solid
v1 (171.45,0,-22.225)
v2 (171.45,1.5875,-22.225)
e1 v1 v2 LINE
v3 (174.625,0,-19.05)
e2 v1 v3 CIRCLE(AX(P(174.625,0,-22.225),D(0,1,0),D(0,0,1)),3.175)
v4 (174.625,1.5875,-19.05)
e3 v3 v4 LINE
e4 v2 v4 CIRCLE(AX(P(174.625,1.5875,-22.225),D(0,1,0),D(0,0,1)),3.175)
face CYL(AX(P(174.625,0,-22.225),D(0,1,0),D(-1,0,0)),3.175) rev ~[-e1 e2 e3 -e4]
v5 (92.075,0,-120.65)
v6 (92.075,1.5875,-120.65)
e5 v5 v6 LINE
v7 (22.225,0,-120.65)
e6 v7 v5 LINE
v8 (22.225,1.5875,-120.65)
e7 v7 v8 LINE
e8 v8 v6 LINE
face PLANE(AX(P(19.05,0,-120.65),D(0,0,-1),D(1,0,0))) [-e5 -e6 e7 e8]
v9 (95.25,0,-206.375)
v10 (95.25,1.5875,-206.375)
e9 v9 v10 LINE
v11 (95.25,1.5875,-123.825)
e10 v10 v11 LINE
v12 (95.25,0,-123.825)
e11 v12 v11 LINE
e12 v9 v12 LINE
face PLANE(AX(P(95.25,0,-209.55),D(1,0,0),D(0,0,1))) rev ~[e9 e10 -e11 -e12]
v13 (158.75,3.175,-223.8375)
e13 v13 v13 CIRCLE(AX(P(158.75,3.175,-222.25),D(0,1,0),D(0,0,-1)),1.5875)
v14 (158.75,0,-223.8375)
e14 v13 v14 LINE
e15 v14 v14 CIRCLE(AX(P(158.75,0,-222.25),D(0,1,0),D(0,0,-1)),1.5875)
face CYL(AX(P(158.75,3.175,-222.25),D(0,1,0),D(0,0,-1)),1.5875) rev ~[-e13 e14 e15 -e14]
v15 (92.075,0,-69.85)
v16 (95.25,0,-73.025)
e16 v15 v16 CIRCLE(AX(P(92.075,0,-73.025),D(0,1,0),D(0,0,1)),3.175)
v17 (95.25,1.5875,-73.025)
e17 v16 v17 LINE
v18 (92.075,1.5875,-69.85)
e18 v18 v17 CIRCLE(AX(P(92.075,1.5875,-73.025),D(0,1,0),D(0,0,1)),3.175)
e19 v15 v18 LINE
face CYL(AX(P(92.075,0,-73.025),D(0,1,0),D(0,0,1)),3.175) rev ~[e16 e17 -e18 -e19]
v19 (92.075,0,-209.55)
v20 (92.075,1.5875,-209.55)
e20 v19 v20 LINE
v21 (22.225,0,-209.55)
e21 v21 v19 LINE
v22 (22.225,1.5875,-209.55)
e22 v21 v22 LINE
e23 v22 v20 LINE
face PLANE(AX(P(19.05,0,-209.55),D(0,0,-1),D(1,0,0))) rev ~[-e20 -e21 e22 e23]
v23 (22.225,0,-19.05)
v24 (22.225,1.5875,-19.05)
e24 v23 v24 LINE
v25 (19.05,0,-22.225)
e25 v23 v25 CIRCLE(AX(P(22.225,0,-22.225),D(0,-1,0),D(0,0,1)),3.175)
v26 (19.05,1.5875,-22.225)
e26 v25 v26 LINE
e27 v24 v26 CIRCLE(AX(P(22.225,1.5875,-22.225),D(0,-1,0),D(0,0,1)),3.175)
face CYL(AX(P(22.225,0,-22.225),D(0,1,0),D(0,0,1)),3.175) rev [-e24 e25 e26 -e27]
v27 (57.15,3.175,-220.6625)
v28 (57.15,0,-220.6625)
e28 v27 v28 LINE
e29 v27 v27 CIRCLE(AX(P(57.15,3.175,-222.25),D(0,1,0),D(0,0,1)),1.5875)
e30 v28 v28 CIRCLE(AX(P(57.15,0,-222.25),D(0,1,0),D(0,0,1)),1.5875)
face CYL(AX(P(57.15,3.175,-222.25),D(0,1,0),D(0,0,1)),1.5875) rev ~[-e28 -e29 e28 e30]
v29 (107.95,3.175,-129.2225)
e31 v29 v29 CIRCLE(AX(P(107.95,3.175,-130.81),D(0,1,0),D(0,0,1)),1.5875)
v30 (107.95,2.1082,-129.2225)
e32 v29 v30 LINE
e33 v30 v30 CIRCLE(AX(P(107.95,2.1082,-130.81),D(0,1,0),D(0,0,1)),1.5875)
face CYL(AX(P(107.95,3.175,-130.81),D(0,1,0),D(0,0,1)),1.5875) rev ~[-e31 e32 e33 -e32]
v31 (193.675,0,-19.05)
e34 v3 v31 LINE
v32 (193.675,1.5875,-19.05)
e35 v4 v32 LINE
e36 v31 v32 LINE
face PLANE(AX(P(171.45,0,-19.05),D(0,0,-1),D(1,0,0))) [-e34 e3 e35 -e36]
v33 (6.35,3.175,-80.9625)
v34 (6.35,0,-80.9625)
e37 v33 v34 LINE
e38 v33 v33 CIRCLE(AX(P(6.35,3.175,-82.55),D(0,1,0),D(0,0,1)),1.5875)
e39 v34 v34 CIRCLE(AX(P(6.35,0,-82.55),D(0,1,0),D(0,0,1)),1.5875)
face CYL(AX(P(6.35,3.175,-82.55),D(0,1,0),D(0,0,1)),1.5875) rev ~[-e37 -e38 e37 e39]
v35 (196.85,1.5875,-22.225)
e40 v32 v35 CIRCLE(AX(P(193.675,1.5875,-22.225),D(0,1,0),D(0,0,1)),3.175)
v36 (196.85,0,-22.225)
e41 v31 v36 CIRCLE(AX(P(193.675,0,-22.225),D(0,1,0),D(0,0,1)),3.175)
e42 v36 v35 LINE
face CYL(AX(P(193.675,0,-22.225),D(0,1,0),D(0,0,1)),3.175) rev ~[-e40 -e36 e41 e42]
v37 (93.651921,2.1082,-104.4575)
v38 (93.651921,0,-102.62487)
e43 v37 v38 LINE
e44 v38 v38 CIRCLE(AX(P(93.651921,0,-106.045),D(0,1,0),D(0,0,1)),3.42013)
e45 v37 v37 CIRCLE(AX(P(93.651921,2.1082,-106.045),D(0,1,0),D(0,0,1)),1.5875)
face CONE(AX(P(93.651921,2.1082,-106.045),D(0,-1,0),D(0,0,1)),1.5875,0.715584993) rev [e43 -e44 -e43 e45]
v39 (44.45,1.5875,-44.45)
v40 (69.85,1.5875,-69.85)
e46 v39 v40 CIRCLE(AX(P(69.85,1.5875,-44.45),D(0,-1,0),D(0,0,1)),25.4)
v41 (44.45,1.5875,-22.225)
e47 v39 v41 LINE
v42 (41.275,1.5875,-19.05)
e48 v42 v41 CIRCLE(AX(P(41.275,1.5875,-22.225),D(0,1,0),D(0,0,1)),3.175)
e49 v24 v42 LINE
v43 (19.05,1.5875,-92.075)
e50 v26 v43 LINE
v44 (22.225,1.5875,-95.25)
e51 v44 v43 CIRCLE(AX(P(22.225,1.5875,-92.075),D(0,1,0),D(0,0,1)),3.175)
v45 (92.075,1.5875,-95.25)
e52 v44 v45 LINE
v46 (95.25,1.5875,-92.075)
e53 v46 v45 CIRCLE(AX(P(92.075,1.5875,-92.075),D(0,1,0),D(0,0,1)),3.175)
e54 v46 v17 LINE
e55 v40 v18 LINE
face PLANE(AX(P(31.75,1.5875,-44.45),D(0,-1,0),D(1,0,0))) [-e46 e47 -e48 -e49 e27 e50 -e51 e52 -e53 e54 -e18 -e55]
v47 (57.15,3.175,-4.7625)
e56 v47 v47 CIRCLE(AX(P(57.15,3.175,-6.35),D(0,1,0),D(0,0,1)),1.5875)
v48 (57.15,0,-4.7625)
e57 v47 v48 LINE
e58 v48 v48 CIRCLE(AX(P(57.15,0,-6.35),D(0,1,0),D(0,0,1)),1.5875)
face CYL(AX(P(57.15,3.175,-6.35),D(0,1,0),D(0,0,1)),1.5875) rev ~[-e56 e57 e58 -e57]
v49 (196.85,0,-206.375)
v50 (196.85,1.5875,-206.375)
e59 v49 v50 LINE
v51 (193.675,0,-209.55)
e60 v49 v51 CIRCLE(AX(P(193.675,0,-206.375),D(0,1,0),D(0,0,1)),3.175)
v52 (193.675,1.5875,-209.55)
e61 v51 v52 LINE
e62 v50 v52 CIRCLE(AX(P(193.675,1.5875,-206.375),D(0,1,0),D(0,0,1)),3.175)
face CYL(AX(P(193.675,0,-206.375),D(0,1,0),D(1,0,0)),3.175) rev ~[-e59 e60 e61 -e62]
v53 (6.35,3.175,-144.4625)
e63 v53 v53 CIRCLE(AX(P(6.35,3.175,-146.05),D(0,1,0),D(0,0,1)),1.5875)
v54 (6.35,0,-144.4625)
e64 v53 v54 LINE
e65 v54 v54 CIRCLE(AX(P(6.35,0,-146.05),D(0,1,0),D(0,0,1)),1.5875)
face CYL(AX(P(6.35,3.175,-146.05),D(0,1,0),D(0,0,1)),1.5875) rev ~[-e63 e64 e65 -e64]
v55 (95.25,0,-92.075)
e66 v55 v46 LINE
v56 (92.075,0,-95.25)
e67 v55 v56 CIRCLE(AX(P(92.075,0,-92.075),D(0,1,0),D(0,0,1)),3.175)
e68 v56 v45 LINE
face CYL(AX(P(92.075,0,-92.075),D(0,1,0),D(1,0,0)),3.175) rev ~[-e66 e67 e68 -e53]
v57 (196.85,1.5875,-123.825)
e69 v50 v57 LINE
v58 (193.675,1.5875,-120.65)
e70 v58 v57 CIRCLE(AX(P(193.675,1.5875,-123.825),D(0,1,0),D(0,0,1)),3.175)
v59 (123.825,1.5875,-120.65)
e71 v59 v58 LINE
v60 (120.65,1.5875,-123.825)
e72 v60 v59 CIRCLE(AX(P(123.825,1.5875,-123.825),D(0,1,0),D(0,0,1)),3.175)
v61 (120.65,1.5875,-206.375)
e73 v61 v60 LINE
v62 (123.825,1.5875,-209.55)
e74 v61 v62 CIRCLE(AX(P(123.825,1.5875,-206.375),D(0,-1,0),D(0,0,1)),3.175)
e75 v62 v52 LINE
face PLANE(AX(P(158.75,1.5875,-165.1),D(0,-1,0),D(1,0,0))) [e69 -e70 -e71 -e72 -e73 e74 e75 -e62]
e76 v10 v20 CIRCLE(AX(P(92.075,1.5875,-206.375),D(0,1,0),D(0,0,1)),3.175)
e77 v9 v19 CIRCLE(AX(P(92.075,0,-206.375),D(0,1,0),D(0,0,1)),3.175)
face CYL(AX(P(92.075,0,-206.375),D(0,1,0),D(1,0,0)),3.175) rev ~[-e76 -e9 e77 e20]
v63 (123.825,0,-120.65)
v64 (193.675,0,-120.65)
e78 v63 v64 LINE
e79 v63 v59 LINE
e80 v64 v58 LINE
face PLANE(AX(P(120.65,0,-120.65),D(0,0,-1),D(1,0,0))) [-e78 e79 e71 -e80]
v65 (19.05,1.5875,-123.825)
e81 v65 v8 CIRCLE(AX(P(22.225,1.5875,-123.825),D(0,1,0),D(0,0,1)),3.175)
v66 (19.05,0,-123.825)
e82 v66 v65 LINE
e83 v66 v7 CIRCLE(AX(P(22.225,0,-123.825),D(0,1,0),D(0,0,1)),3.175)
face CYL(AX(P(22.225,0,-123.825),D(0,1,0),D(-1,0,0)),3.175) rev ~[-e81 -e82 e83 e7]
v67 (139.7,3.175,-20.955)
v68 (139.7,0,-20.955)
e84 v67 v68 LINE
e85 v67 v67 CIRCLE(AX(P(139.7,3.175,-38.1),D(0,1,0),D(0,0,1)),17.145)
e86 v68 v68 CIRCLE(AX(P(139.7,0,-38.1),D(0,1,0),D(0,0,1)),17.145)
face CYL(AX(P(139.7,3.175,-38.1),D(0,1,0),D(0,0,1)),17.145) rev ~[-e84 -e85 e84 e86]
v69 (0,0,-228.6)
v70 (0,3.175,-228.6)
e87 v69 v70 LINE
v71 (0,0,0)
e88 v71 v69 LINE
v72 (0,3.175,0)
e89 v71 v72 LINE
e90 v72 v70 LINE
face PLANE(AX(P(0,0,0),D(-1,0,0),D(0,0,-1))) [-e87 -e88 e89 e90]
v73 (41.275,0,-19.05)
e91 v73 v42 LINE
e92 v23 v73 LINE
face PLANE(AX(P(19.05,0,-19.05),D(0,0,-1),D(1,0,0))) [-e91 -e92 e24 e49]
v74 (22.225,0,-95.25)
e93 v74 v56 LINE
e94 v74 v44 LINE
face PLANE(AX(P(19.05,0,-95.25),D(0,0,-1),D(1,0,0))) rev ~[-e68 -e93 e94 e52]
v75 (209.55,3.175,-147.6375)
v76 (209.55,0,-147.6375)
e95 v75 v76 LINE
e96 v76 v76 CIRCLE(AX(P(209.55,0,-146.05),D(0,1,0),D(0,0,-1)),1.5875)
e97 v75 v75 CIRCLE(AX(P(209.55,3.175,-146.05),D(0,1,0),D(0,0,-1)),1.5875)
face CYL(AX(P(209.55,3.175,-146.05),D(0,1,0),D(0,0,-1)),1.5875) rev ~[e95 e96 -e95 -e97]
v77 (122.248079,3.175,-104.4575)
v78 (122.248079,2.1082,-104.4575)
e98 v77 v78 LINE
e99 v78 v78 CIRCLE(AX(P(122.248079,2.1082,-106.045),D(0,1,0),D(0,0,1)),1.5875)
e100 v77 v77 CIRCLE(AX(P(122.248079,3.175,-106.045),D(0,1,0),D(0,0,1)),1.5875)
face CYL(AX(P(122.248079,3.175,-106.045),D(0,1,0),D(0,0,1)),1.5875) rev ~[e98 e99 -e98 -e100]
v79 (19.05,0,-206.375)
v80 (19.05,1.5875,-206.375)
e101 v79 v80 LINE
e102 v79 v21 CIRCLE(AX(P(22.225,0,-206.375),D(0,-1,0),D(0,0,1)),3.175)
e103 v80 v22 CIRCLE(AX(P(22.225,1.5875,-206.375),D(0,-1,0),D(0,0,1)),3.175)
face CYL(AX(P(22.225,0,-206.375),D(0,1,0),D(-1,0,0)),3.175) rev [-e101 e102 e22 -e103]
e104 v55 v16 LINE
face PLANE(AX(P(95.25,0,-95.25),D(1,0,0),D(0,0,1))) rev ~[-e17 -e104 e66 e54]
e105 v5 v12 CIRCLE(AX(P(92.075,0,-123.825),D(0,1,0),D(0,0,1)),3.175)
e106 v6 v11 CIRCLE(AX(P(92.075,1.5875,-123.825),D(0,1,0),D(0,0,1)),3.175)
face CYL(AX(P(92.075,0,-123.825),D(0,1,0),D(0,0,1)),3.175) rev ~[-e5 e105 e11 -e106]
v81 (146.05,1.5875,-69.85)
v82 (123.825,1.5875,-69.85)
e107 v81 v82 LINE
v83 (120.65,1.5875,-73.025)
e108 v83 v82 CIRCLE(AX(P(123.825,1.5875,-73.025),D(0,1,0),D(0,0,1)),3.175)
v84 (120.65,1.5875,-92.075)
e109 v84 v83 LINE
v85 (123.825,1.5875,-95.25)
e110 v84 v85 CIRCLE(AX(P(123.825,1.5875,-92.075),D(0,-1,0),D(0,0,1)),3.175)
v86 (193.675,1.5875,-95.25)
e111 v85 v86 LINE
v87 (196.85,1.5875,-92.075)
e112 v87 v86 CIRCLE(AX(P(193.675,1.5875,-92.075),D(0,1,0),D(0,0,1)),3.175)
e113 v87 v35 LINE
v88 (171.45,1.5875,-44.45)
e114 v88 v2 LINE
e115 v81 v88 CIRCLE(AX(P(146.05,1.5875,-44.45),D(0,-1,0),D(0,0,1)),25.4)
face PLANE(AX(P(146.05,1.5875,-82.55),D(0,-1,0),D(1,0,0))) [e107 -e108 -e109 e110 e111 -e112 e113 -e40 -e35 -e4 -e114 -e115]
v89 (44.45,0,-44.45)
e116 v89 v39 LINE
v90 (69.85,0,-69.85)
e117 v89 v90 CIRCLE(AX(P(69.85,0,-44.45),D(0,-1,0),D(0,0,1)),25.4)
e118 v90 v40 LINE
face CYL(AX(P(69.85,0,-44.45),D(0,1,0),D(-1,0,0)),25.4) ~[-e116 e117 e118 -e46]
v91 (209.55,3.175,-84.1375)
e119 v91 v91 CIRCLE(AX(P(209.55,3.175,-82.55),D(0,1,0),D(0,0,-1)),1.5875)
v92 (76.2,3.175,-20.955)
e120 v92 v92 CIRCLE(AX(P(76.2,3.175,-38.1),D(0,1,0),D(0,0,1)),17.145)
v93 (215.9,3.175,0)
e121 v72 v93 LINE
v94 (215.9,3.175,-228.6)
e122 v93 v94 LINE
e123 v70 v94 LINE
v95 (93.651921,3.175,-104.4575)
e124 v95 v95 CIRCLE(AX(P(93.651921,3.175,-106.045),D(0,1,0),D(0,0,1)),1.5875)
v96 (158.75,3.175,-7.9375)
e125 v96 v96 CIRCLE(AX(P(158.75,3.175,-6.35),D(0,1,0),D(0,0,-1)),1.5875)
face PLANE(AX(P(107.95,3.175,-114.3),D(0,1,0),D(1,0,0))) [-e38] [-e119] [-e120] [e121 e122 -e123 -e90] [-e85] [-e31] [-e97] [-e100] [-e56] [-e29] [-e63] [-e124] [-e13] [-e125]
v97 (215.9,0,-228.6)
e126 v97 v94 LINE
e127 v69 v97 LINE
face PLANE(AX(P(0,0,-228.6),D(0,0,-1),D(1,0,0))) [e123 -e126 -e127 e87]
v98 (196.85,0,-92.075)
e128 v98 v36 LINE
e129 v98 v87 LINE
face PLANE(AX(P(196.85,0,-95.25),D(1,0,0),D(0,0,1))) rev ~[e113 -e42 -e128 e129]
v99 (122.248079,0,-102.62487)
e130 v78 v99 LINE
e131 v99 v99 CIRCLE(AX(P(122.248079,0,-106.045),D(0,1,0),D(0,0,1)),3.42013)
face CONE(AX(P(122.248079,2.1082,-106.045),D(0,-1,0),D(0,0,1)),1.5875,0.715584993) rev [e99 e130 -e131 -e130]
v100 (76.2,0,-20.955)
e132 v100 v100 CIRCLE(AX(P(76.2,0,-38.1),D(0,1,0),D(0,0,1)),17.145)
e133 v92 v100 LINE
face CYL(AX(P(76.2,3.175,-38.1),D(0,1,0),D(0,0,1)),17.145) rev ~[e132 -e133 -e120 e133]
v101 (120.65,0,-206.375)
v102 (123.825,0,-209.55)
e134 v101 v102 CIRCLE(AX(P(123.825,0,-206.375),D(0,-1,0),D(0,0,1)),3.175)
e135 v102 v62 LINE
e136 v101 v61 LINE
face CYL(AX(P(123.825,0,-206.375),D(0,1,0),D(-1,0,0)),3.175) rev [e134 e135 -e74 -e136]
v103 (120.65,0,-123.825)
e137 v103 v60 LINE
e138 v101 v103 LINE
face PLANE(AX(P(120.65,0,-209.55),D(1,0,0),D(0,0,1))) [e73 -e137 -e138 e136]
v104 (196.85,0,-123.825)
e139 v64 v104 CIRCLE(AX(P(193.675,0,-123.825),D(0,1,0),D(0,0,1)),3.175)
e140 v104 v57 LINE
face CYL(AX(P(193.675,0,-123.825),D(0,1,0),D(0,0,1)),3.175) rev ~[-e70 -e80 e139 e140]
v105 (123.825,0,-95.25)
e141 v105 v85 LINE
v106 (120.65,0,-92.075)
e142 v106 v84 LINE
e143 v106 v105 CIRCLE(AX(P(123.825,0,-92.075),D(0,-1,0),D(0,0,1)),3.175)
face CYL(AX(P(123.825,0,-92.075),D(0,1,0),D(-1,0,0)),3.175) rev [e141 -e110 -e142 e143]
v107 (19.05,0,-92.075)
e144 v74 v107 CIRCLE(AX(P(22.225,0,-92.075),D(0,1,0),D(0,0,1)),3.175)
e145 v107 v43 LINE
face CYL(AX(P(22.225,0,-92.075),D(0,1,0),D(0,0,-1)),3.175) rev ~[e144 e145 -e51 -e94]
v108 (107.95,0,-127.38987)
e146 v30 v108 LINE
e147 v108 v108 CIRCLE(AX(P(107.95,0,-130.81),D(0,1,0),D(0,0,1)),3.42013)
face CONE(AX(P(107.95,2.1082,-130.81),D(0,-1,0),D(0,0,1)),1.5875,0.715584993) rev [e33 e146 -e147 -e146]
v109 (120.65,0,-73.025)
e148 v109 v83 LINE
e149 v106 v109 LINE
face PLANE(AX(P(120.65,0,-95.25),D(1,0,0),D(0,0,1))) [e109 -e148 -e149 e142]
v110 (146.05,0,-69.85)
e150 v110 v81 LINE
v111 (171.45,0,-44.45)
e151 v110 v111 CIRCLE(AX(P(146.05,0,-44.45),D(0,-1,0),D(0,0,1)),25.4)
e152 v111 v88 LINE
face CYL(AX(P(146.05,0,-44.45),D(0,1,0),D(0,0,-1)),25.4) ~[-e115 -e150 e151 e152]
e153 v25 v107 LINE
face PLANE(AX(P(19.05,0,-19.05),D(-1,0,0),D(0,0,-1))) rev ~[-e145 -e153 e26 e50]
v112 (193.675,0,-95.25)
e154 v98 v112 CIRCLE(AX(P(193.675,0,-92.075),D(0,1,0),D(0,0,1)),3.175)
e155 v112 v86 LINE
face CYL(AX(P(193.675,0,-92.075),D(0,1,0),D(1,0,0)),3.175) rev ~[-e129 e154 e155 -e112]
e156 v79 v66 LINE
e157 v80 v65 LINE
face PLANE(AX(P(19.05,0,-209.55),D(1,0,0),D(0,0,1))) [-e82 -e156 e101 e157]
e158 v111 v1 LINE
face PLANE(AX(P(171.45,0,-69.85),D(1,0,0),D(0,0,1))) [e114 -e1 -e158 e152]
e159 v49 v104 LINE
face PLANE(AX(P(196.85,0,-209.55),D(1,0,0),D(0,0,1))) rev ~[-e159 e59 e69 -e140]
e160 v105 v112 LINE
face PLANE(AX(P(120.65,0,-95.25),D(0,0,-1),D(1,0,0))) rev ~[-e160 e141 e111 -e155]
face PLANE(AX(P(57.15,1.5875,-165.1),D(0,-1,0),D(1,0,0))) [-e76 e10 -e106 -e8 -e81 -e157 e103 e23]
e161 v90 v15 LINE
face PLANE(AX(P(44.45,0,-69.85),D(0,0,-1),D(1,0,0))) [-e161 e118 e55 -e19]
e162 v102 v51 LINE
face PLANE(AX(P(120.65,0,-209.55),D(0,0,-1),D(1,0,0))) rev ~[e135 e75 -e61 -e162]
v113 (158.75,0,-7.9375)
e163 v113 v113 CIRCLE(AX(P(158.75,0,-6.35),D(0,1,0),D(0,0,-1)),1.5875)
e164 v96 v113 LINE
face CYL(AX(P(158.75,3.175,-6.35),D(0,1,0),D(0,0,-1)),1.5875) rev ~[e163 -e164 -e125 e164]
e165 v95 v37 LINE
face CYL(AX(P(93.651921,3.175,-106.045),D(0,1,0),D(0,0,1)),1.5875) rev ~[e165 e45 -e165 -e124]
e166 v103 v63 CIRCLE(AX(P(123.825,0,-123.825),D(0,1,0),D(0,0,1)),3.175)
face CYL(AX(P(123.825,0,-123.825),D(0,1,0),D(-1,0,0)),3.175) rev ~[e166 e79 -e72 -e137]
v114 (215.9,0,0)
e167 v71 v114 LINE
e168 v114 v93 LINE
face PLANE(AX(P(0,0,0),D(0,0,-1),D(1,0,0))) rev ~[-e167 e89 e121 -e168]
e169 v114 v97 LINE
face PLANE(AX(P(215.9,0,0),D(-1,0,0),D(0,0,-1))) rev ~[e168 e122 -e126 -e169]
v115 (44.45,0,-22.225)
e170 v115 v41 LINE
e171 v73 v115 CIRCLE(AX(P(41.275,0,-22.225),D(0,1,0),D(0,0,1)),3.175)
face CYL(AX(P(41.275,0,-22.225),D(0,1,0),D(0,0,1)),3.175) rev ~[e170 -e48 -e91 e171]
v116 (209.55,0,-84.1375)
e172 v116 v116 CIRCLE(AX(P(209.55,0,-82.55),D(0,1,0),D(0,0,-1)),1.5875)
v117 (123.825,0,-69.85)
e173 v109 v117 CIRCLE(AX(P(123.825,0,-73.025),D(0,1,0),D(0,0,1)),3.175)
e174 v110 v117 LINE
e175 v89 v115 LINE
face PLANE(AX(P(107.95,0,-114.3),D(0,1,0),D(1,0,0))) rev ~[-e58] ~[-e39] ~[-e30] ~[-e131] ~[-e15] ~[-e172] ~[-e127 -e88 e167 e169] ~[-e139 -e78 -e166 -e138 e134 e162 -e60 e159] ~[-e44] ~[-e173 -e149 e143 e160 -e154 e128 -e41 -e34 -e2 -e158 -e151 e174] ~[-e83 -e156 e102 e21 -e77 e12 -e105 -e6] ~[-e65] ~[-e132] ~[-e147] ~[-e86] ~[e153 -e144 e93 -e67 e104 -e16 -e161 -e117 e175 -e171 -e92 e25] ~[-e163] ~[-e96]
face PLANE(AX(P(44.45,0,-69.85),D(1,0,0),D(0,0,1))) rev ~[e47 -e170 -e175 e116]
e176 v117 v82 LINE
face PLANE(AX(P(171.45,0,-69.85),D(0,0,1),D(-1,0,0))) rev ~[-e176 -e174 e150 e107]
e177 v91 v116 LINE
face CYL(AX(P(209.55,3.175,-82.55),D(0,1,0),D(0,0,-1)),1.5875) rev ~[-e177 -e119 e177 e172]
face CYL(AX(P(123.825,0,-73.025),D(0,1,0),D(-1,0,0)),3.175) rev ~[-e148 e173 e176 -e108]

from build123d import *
from OCP.BRepFilletAPI import BRepFilletAPI_MakeChamfer

# Parameters (mm, degrees)
SKETCH1_W           = 215.9
SKETCH1_H           = 228.6
BOSS_EXTRUDE1_DEPTH = 3.175
SKETCH2_R           = 17.145
CUT_EXTRUDE1_DEPTH  = 315.453256661
SKETCH3_R           = 1.5875
CUT_EXTRUDE2_DEPTH  = 315.453256661
SKETCH4_R           = 1.5875
CUT_EXTRUDE3_DEPTH  = 315.453256661
CHAMFER1_SIZE       = 2.1082
CHAMFER1_SIZE2      = 1.832630301
SKETCH5_W           = 25.4
SKETCH5_H           = 50.8
SKETCH5_H_2         = 25.4
SKETCH5_W_2         = 50.8
SKETCH5_W_3         = 76.2
SKETCH5_H_3         = 88.9
CUT_EXTRUDE4_DEPTH  = 1.5875
FILLET1_R           = 3.175
FILLET2_R           = 25.4


with BuildPart() as part:
    # Sketch1 → Boss-Extrude1 (new body)
    with BuildSketch(Plane(origin=(0, 0, 0), x_dir=(1, 0, 0), z_dir=(0, 1, 0))):
        with Locations((107.95, 114.3)):
            Rectangle(SKETCH1_W, SKETCH1_H)
    extrude(amount=BOSS_EXTRUDE1_DEPTH)

    # Sketch2 → Cut-Extrude1 (cut, through all)
    with BuildSketch(Plane(origin=(0, 3.175, 0), x_dir=(1, 0, 0), z_dir=(0, 1, 0))):
        with Locations(Location((139.7, 38.1, 0), (0, 0, 270))):
            Circle(SKETCH2_R)
        with Locations(Location((76.2, 38.1, 0), (0, 0, 270))):
            Circle(SKETCH2_R)
    extrude(amount=-CUT_EXTRUDE1_DEPTH, mode=Mode.SUBTRACT)

    # Sketch3 → Cut-Extrude2 (cut, through all)
    with BuildSketch(Plane(origin=(0, 3.175, 0), x_dir=(1, 0, 0), z_dir=(0, 1, 0))):
        with Locations(Location((107.95, 130.81, 0), (0, 0, 270))):
            Circle(SKETCH3_R)
        with Locations(Location((122.248079416, 106.045, 0), (0, 0, 270))):
            Circle(SKETCH3_R)
        with Locations(Location((93.651920584, 106.045, 0), (0, 0, 270))):
            Circle(SKETCH3_R)
    extrude(amount=-CUT_EXTRUDE2_DEPTH, mode=Mode.SUBTRACT)

    # Sketch4 → Cut-Extrude3 (cut, through all)
    with BuildSketch(Plane(origin=(0, 3.175, 0), x_dir=(1, 0, 0), z_dir=(0, 1, 0))):
        with Locations(Location((6.35, 146.05, 0), (0, 0, 270))):
            Circle(SKETCH4_R)
        with Locations(Location((6.35, 82.55, 0), (0, 0, 270))):
            Circle(SKETCH4_R)
        with Locations(Location((57.15, 6.35, 0), (0, 0, 270))):
            Circle(SKETCH4_R)
        with Locations(Location((57.15, 222.25, 0), (0, 0, 270))):
            Circle(SKETCH4_R)
        with Locations(Location((158.75, 6.35, 0), (0, 0, 90))):
            Circle(SKETCH4_R)
        with Locations(Location((209.55, 82.55, 0), (0, 0, 90))):
            Circle(SKETCH4_R)
        with Locations(Location((209.55, 146.05, 0), (0, 0, 90))):
            Circle(SKETCH4_R)
        with Locations(Location((158.75, 222.25, 0), (0, 0, 90))):
            Circle(SKETCH4_R)
    extrude(amount=-CUT_EXTRUDE3_DEPTH, mode=Mode.SUBTRACT)

    # Chamfer1: one chamfer whose edges measure the first distance from different faces: ONE call of the kernel's chamfer builder (chamfer() names one face for all edges)
    chamfer1_edges_1 = [part.edges().sort_by_distance(p)[0] for p in [
        (107.95, 0, -132.3975),
    ]]
    chamfer1_side_1 = [part.faces().sort_by_distance(p)[0] for p in [
        (107.95, 1.5875, -132.3975),
    ]]
    chamfer1_edges_2 = [part.edges().sort_by_distance(p)[0] for p in [
        (122.248079416, 0, -107.6325),
    ]]
    chamfer1_side_2 = [part.faces().sort_by_distance(p)[0] for p in [
        (122.248079416, 1.5875, -107.6325),
    ]]
    chamfer1_edges_3 = [part.edges().sort_by_distance(p)[0] for p in [
        (93.651920584, 0, -107.6325),
    ]]
    chamfer1_side_3 = [part.faces().sort_by_distance(p)[0] for p in [
        (93.651920584, 1.5875, -107.6325),
    ]]
    chamfer1 = BRepFilletAPI_MakeChamfer(part.part.solid().wrapped)
    for e in chamfer1_edges_1:
        chamfer1.Add(CHAMFER1_SIZE, CHAMFER1_SIZE2, e.wrapped, chamfer1_side_1[0].wrapped)  # the first distance lies on this face
    for e in chamfer1_edges_2:
        chamfer1.Add(CHAMFER1_SIZE, CHAMFER1_SIZE2, e.wrapped, chamfer1_side_2[0].wrapped)  # the first distance lies on this face
    for e in chamfer1_edges_3:
        chamfer1.Add(CHAMFER1_SIZE, CHAMFER1_SIZE2, e.wrapped, chamfer1_side_3[0].wrapped)  # the first distance lies on this face
    add(Compound.cast(chamfer1.Shape()), mode=Mode.REPLACE)

    # Sketch5 → Cut-Extrude4 (cut)
    with BuildSketch(Plane.XZ):
        with Locations((31.75, -44.45)):
            Rectangle(SKETCH5_W, SKETCH5_H)
        with Locations((31.75, -82.55)):
            Rectangle(SKETCH5_W, SKETCH5_H_2)
        with Locations((69.85, -82.55)):
            Rectangle(SKETCH5_W_2, SKETCH5_H_2)
        with Locations((57.15, -165.1)):
            Rectangle(SKETCH5_W_3, SKETCH5_H_3)
        with Locations((158.75, -165.1)):
            Rectangle(SKETCH5_W_3, SKETCH5_H_3)
        with Locations((146.05, -82.55)):
            Rectangle(SKETCH5_W_2, SKETCH5_H_2)
        with Locations((184.15, -82.55)):
            Rectangle(SKETCH5_W, SKETCH5_H_2)
        with Locations((184.15, -44.45)):
            Rectangle(SKETCH5_W, SKETCH5_H)
    extrude(amount=-CUT_EXTRUDE4_DEPTH, mode=Mode.SUBTRACT)

    # Fillet1
    fillet1_edges = [part.edges().sort_by_distance(p)[0] for p in [
        (120.65, 0.79375, -120.65),
        (196.85, 0.79375, -120.65),
        (196.85, 0.79375, -209.55),
        (120.65, 0.79375, -209.55),
        (19.05, 0.79375, -120.65),
        (95.25, 0.79375, -120.65),
        (95.25, 0.79375, -209.55),
        (19.05, 0.79375, -209.55),
        (19.05, 0.79375, -95.25),
        (19.05, 0.79375, -19.05),
        (44.45, 0.79375, -19.05),
        (95.25, 0.79375, -69.85),
        (95.25, 0.79375, -95.25),
        (196.85, 0.79375, -95.25),
        (120.65, 0.79375, -95.25),
        (120.65, 0.79375, -69.85),
        (171.45, 0.79375, -19.05),
        (196.85, 0.79375, -19.05),
    ]]
    fillet(fillet1_edges, radius=FILLET1_R)

    # Fillet2
    fillet2_edges = [part.edges().sort_by_distance(p)[0] for p in [
        (44.45, 0.79375, -69.85),
        (171.45, 0.79375, -69.85),
    ]]
    fillet(fillet2_edges, radius=FILLET2_R)


solid = part.part
